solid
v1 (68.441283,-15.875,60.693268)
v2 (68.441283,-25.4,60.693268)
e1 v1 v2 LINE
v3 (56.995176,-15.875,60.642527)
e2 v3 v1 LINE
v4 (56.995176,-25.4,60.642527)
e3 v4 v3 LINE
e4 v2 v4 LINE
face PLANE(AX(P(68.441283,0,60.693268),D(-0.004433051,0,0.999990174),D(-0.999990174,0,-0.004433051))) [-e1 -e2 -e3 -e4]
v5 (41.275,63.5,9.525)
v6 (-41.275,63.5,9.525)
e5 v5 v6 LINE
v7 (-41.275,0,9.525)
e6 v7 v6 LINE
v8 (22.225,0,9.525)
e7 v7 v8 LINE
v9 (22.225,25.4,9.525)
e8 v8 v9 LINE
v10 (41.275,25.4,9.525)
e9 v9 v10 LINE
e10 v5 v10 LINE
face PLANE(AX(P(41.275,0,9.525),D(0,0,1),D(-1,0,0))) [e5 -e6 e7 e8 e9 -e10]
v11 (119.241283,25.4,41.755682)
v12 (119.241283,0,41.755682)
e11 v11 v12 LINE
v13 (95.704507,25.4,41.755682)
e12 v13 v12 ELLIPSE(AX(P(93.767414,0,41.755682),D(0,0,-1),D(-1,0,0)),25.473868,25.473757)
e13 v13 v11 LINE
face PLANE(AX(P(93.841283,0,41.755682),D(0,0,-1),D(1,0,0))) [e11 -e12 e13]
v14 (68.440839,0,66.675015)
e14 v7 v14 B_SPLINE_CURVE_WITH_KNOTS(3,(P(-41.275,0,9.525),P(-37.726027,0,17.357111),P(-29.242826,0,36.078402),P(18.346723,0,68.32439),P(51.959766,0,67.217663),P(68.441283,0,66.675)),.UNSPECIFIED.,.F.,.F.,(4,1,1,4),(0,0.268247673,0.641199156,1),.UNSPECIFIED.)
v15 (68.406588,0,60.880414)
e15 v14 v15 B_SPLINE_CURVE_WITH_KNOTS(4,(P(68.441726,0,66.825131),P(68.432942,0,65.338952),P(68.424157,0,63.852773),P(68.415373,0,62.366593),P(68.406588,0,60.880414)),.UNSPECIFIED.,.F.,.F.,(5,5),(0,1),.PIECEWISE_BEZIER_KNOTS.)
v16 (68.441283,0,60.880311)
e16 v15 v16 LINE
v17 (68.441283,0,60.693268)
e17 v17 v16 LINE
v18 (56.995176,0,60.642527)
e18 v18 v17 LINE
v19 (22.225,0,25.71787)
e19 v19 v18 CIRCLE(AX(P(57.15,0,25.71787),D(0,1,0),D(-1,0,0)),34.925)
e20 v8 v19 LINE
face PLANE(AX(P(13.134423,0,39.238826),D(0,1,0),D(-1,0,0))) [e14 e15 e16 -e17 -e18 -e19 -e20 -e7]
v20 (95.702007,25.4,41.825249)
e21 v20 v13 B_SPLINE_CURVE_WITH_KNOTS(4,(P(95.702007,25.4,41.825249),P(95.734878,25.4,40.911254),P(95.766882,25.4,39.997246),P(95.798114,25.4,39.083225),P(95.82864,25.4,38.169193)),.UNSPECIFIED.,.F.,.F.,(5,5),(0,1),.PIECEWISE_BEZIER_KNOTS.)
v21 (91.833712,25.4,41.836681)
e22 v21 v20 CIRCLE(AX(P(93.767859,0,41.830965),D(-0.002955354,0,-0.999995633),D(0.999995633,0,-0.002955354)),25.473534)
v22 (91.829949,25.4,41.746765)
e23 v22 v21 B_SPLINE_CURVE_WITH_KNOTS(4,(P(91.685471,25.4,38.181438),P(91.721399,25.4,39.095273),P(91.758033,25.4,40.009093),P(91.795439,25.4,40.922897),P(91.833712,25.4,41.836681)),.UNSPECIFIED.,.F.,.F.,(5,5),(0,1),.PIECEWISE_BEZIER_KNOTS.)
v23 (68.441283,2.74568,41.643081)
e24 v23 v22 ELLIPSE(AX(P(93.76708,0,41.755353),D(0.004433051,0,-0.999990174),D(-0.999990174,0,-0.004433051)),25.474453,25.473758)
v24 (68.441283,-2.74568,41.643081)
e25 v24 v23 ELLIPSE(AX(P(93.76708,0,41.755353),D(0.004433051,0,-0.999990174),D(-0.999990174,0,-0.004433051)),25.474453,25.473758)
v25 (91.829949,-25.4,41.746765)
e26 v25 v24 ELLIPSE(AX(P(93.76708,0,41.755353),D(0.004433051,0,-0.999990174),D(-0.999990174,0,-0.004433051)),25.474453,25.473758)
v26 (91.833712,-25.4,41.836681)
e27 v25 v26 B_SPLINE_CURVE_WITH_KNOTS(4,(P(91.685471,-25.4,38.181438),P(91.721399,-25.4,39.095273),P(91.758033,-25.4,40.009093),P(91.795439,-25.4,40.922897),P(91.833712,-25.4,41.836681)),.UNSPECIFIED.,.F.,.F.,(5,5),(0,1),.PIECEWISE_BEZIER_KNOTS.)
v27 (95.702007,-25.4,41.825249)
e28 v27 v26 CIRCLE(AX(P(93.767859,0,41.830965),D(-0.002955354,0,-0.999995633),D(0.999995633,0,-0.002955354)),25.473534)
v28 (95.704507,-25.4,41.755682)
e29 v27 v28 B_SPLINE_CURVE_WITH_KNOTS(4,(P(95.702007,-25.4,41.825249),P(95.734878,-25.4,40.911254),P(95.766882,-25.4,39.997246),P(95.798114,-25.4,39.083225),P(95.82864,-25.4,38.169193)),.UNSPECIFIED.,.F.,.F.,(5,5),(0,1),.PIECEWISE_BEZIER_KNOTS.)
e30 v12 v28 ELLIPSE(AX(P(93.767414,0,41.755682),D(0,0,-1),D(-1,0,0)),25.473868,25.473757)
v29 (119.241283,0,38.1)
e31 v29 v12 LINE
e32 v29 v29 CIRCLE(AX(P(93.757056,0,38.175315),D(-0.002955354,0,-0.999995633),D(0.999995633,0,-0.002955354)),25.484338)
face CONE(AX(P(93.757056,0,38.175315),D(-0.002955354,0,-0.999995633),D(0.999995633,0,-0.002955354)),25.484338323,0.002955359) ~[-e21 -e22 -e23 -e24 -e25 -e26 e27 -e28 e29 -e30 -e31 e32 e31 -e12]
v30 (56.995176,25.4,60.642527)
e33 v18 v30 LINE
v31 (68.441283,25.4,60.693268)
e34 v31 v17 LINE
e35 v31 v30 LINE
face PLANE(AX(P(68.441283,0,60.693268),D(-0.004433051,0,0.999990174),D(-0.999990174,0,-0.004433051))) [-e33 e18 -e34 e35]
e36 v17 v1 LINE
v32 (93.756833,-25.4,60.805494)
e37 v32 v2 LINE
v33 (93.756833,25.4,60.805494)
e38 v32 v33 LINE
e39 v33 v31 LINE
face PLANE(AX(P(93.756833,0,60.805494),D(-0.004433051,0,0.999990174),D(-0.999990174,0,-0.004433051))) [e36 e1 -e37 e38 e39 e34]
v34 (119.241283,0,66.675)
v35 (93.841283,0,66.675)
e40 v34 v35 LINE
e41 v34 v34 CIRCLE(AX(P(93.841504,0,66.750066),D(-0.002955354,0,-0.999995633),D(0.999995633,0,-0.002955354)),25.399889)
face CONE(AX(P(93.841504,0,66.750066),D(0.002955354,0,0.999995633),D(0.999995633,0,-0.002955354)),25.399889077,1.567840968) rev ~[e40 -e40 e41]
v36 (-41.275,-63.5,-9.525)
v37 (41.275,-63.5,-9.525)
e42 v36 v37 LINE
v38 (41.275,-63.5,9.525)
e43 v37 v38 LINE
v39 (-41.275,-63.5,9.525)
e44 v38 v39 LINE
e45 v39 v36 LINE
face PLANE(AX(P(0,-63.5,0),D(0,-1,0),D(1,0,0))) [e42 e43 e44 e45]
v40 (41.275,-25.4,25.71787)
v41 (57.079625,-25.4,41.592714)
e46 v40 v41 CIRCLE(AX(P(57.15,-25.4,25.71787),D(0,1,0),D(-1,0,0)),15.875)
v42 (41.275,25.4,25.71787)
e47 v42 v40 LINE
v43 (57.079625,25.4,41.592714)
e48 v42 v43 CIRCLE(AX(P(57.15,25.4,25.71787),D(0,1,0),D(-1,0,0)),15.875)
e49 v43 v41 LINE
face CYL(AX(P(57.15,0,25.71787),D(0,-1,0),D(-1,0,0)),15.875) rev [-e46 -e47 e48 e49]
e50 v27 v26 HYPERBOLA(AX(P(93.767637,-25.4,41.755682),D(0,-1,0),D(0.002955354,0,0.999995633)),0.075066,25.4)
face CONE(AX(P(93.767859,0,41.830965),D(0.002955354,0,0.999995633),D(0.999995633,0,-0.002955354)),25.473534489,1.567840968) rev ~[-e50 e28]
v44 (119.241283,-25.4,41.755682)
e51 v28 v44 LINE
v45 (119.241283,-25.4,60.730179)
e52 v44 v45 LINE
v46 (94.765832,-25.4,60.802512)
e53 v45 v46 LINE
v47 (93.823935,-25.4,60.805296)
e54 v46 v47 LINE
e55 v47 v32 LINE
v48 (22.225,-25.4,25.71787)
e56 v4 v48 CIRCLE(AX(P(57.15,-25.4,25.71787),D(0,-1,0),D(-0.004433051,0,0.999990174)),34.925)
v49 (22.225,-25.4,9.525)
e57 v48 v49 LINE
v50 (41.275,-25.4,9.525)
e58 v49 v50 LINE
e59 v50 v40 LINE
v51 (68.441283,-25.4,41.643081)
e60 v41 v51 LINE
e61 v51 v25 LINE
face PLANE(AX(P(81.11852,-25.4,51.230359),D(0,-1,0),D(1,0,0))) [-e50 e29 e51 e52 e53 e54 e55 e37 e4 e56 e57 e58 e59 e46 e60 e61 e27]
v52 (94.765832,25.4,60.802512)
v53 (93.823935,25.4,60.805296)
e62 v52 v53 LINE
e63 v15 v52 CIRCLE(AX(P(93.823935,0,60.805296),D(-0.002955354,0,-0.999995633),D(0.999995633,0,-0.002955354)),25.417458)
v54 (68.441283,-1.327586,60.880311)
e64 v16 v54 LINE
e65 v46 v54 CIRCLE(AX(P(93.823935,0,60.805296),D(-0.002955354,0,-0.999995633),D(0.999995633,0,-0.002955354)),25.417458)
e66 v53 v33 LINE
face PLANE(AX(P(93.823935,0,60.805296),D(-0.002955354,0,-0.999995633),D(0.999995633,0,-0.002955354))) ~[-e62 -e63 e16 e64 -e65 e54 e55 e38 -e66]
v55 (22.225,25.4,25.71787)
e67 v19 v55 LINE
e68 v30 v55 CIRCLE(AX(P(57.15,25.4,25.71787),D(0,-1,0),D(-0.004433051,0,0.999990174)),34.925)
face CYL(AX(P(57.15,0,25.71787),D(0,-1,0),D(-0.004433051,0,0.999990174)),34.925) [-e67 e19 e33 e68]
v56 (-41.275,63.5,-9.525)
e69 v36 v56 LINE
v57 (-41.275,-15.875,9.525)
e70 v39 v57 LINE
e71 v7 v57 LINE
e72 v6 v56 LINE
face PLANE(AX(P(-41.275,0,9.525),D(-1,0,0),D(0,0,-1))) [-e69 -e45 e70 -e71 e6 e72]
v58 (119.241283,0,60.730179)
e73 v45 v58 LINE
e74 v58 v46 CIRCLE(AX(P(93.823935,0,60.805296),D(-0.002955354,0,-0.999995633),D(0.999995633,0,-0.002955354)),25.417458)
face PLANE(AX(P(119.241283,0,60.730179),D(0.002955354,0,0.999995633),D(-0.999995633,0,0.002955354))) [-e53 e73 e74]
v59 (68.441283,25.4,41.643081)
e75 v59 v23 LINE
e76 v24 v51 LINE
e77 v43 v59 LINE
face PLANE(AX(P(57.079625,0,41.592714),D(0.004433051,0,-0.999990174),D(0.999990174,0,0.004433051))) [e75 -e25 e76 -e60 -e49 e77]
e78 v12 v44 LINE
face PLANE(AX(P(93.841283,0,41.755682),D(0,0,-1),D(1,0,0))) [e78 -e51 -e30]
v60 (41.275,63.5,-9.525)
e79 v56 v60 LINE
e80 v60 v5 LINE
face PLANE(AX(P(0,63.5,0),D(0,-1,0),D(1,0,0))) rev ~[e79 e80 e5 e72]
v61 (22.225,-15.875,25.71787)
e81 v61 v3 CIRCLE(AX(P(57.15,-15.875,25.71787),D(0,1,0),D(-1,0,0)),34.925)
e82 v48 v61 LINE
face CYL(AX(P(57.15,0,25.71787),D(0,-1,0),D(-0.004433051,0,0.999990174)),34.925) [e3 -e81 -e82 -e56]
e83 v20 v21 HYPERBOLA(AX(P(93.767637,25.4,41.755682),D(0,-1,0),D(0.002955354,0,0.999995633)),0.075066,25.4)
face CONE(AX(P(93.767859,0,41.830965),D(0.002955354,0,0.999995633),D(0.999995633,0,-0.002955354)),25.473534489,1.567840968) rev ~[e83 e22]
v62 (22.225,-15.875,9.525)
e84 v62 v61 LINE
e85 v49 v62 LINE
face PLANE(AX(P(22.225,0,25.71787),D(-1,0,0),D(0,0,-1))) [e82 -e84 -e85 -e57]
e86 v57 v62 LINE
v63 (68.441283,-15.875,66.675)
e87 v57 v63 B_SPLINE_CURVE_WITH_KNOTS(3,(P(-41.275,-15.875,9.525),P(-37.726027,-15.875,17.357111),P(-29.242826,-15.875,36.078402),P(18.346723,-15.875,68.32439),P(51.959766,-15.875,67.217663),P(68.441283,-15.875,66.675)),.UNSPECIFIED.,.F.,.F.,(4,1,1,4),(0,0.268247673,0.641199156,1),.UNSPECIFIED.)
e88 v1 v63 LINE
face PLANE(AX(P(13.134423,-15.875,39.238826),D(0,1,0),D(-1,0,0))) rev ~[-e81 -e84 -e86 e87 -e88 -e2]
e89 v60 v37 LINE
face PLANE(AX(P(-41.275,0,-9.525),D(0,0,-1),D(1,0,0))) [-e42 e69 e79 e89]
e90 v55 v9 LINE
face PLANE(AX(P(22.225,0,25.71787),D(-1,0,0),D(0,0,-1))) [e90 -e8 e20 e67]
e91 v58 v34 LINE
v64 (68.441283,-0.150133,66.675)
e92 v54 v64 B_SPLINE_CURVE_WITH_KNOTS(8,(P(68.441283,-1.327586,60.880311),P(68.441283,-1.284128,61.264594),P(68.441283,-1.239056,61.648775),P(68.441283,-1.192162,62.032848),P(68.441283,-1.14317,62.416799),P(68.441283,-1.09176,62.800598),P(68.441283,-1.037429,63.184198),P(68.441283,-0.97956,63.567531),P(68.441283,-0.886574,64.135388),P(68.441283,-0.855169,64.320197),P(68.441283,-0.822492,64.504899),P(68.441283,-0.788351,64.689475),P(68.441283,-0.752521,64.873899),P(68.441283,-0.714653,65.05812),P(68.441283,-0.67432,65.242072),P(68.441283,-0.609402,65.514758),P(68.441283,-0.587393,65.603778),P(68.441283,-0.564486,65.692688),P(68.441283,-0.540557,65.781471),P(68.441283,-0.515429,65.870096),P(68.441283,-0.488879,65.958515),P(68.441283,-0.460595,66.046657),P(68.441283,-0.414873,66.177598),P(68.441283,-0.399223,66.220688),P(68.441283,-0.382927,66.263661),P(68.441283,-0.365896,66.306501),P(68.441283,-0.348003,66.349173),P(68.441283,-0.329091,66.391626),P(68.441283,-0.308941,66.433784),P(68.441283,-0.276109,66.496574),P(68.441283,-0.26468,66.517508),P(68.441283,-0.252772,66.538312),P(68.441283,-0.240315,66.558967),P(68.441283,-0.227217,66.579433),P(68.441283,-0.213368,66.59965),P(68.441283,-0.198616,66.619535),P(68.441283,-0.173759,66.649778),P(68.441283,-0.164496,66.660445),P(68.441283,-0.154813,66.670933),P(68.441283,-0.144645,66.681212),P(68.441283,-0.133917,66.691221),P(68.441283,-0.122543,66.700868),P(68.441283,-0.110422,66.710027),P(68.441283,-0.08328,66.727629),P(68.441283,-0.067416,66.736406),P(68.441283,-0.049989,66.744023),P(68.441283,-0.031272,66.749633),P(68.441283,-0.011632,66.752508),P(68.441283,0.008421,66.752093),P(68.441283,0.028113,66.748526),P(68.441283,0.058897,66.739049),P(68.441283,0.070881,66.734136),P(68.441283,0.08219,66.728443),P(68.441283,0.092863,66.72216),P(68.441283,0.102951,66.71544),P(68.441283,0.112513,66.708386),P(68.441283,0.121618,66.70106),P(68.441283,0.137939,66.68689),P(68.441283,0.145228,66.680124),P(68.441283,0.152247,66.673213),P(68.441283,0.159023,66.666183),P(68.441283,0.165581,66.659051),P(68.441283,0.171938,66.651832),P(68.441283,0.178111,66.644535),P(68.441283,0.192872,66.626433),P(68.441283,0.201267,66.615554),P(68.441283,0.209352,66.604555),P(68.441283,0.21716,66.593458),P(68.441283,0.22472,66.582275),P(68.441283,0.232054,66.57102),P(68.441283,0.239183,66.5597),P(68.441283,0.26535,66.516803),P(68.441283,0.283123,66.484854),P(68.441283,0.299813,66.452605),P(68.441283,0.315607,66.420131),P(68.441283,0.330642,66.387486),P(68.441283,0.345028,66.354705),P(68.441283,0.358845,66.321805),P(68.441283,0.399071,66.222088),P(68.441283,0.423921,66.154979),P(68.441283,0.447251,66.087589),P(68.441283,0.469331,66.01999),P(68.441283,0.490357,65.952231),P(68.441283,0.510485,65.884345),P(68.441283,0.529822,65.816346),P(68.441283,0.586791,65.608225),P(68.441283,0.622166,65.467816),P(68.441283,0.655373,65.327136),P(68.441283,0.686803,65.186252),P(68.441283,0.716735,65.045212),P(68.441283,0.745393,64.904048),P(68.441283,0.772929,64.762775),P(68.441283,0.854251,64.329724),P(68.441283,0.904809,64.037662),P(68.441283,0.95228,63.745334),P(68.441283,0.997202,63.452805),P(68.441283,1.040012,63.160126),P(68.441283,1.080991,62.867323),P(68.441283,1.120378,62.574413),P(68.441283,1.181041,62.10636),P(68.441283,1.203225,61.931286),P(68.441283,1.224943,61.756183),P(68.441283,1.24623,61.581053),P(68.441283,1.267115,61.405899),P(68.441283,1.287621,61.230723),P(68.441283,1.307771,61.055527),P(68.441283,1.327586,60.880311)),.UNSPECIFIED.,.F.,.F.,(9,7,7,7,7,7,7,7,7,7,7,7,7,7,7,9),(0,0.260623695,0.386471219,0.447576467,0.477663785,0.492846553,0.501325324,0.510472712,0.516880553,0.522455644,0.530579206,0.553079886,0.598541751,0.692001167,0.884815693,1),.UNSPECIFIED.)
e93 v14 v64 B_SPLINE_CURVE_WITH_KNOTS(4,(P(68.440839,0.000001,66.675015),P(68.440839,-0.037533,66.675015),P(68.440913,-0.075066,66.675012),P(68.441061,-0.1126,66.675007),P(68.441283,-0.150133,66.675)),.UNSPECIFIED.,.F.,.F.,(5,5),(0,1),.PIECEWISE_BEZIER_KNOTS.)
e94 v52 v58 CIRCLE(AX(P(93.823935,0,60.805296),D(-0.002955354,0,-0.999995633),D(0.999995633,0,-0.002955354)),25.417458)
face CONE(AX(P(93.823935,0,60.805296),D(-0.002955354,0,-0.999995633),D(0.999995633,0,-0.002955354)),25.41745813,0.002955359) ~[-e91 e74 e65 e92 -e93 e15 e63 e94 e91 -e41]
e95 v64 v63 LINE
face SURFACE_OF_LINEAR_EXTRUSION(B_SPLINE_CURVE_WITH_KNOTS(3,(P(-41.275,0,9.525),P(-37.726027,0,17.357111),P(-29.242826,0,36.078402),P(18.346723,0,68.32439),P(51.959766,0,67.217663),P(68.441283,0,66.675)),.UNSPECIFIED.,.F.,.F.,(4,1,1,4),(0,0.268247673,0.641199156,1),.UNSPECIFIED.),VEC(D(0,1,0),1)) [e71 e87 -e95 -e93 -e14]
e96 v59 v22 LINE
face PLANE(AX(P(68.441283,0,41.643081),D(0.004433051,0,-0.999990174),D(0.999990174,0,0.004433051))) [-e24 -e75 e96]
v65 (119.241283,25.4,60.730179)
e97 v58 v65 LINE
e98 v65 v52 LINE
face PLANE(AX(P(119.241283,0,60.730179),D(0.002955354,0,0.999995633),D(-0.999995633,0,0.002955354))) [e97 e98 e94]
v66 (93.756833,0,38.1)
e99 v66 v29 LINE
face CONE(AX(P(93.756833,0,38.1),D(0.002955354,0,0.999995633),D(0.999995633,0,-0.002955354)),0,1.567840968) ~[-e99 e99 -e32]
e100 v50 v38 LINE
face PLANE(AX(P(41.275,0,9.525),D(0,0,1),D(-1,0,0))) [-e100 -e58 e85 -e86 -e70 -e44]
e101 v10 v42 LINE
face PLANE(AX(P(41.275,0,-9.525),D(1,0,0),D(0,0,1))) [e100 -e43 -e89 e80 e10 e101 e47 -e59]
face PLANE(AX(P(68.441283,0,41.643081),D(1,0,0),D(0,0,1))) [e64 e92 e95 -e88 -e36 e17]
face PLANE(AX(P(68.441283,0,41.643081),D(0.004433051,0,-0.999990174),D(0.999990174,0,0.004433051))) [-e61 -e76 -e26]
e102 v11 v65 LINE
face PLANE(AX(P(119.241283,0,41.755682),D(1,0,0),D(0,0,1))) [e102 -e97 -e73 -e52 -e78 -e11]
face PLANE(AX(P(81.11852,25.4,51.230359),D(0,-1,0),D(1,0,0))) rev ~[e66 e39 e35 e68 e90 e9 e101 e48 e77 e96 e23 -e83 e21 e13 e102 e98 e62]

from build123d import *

# Parameters (mm, degrees)
F1_DEPTH = 63.5
F2_DEPTH = 25.4
F3_DEPTH = 15.875
F4_DEPTH = 25.4


with BuildPart() as f1:
    # F0 (on Front) → F1 (new body, symmetric)
    with BuildSketch(Plane.XZ):
        Polygon((-41.275, -9.525), (41.275, -9.525), (41.275, 9.525), (22.225, 9.525), (-41.275, 9.525), align=None)
    extrude(amount=F1_DEPTH, both=True)

    # F0 (on Front) → F2 (join, symmetric)
    with BuildSketch(Plane.XZ):
        with BuildLine():
            Line((22.225, 9.525), (41.275, 9.525))
            Line((41.275, 9.525), (41.275, 25.7178696878))
            ThreePointArc((41.275, 25.7178696878), (45.8998261561, 36.9182809964), (57.0796253206, 41.5927136998))
            Line((57.0796253206, 41.5927136998), (68.4412825856, 41.643080997))
            Line((68.4412825856, 41.643080997), (68.4412825856, 60.6932681845))
            Line((68.4412825856, 60.6932681845), (56.9951757054, 60.6425265141))
            ThreePointArc((56.9951757054, 60.6425265141), (32.3996175435, 50.3587745668), (22.225, 25.7178696878))
            Line((22.225, 25.7178696878), (22.225, 9.525))
        make_face()
    extrude(amount=F2_DEPTH, both=True)

    # F0 (on Front) → F3 (join)
    with BuildSketch(Plane.XZ):
        with BuildLine():
            add(Edge.make_bspline(
                [(-41.275, 9.525), (-37.726026519, 17.3571106564), (-29.2428259937, 36.0784016411), (18.3467226323, 68.3243904358), (51.9597658065, 67.2176628394), (68.4412825856, 66.675)],
                knots=[0, 0, 0, 0, 0.2682476731, 0.6411991562, 1, 1, 1, 1], degree=3))
            Line((-41.275, 9.525), (22.225, 9.525))
            Line((22.225, 9.525), (22.225, 25.7178696878))
            ThreePointArc((22.225, 25.7178696878), (32.3996175435, 50.3587745668), (56.9951757054, 60.6425265141))
            Line((56.9951757054, 60.6425265141), (68.4412825856, 60.6932681845))
            Line((68.4412825856, 60.6932681845), (68.4412825856, 66.675))
        make_face()
    extrude(amount=F3_DEPTH)

    # F0 (on Front) → F4 (join, symmetric)
    with BuildSketch(Plane.XZ):
        Polygon((93.7568329704, 60.8054944048), (68.4412825856, 60.6932681845), (68.4412825856, 41.643080997), (93.7676358867, 41.7553551076), (93.8239354557, 60.8052960923), align=None)
        Polygon((119.2412825856, 60.7301785005), (93.8239354557, 60.8052960923), (93.7676358867, 41.7553551076), (93.8412825856, 41.7556815904), (119.2412825856, 41.7556815904), align=None)
    extrude(amount=F4_DEPTH, both=True)

    # F0 (on Front) → F5 (revolve)
    with BuildSketch(Plane.XZ):
        Polygon((93.8412825856, 41.7556815904), (93.7676358867, 41.7553551076), (93.7568329704, 38.1), (119.2412825856, 38.1), (119.2412825856, 41.7556815904), align=None)
        Polygon((119.2412825856, 66.675), (93.8412825856, 66.675), (93.8239354557, 60.8052960923), (119.2412825856, 60.7301785005), align=None)
    revolve(axis=Axis((93.799057778, 0, 52.3875), (-0.0029553542, 0, -0.9999956329)))


solid = f1.part
